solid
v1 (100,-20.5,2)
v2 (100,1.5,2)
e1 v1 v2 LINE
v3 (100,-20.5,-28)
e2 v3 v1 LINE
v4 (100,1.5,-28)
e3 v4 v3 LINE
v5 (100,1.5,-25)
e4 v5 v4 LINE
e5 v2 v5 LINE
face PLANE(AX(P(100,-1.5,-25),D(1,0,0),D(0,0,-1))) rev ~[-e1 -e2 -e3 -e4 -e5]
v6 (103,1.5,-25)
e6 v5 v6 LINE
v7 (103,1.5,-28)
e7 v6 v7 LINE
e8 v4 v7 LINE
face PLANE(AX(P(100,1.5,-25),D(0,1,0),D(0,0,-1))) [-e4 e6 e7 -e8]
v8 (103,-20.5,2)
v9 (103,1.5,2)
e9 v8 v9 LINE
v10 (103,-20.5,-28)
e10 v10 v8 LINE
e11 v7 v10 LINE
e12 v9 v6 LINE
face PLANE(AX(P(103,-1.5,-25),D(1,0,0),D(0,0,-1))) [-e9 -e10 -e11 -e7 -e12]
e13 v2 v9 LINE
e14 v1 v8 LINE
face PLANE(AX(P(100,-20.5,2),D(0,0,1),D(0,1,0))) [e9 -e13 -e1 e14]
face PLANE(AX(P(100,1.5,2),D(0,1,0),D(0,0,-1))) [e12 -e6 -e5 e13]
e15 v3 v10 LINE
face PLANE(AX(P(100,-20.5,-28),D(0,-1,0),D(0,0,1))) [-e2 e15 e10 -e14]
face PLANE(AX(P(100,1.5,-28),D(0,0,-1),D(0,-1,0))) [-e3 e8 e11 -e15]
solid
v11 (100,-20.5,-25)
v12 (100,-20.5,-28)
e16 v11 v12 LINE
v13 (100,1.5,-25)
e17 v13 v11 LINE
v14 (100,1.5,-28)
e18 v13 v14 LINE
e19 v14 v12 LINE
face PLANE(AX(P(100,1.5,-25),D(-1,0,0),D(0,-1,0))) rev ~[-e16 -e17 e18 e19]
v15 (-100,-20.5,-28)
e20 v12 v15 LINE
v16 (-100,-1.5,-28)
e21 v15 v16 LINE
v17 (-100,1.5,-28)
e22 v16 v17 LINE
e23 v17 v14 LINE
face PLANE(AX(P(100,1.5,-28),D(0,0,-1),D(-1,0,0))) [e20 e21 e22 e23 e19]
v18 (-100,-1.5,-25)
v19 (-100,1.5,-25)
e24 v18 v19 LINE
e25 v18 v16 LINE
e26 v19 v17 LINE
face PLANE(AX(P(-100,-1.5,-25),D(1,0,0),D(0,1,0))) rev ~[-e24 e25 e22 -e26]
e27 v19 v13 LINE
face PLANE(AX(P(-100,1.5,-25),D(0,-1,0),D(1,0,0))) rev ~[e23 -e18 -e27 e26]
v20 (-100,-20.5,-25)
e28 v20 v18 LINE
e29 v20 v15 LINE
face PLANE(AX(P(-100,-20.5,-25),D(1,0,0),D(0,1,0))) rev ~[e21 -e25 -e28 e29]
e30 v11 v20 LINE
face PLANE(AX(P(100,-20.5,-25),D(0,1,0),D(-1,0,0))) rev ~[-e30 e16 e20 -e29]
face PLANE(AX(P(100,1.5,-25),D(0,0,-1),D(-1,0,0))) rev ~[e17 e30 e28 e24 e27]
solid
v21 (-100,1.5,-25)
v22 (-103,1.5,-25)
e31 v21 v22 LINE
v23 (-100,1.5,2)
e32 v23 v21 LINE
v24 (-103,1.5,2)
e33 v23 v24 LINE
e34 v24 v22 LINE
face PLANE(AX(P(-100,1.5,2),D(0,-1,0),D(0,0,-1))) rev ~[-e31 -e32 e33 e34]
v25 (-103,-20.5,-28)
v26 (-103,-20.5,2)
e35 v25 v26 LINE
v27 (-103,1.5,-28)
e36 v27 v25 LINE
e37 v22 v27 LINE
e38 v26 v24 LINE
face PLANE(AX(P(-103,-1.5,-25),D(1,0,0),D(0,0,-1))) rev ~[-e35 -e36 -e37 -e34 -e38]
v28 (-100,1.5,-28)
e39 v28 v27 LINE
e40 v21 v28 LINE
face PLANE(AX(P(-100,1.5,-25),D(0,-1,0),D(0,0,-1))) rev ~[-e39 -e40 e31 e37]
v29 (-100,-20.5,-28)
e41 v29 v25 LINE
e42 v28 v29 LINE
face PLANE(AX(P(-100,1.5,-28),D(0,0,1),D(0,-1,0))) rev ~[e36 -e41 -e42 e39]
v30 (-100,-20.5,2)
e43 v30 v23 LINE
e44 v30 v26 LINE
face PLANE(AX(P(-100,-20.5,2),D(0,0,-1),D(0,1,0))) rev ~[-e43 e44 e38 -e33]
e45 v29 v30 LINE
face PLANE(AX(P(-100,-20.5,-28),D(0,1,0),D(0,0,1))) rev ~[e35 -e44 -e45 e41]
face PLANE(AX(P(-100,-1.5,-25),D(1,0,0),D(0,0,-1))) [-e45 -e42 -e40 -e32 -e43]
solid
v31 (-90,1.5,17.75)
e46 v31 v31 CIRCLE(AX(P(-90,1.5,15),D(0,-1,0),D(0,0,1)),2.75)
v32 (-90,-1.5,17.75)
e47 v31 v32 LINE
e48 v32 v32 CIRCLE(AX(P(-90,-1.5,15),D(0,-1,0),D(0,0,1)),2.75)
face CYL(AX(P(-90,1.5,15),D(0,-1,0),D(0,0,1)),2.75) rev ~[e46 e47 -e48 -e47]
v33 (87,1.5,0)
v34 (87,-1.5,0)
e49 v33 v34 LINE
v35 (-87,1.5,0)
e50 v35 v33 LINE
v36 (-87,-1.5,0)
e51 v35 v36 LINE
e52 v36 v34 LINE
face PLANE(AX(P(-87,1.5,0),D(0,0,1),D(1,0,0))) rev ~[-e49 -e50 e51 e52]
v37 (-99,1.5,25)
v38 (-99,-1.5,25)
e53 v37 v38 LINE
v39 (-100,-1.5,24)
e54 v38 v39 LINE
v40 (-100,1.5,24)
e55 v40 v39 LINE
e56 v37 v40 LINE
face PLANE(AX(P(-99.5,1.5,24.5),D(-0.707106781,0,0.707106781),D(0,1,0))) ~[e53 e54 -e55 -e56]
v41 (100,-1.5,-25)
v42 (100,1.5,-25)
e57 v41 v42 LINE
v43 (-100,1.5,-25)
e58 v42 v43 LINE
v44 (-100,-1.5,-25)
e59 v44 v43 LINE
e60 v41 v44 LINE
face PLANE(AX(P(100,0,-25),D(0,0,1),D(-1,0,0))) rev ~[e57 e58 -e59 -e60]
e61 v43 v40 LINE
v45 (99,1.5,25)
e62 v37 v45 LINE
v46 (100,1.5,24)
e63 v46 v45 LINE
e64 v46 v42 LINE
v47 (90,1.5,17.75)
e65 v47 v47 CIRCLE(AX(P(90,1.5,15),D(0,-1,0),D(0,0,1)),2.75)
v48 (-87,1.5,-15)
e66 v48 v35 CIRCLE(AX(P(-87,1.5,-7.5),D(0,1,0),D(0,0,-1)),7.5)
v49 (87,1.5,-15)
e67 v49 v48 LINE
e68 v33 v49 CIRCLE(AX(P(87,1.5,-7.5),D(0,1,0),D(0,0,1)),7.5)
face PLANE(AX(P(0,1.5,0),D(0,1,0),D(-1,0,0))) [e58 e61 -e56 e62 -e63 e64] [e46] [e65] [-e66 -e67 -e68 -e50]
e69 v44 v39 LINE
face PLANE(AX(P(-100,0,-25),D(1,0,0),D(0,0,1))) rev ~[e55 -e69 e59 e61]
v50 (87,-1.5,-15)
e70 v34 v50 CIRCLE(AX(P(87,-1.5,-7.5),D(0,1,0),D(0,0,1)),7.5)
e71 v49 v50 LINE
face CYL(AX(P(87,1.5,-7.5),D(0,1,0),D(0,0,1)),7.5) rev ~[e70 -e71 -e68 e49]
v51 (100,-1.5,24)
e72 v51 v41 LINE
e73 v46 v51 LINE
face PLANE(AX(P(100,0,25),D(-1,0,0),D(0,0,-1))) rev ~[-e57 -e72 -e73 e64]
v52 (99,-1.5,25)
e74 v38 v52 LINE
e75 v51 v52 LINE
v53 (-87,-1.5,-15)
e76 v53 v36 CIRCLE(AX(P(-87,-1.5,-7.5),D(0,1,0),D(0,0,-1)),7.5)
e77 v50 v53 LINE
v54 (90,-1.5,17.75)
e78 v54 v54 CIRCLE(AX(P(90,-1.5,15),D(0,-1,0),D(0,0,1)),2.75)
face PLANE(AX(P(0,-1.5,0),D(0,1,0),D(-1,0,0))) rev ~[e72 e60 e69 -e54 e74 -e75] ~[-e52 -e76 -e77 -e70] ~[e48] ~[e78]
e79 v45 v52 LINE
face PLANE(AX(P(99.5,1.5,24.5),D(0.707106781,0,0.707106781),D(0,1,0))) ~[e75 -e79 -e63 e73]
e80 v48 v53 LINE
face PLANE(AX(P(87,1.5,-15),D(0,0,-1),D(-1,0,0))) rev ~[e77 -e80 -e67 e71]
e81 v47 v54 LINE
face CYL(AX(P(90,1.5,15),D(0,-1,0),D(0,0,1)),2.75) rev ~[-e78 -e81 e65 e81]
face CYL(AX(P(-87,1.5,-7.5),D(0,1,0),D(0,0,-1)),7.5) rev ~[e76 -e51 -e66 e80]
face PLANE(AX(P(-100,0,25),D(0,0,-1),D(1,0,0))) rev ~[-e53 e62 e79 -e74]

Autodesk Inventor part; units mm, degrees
ref_plane "YZ Plane" through (0, 0, 0) normal (1, 0, 0) x (0, 1, 0)
ref_plane "XZ Plane" through (0, 0, 0) normal (0, 1, 0) x (-1, 0, 0)
ref_plane "XY Plane" through (0, 0, 0) normal (0, 0, 1) x (1, 0, 0)
sketch "Sketch2" plane through (0, 0, 0) normal (0, 1, 0) x (-1, 0, 0)
  line L0 (-100, -25) -> (100, -25)
  line L1 (100, -25) -> (100, 25)
  line L2 (100, 25) -> (-100, 25)
  line L3 (-100, 25) -> (-100, -25)
  line L4 (-100, -25) -> (100, 25) construction
  line L5 (100, -25) -> (-100, 25) construction
  point P0 (0, 0)
  dimension "d1" = 200
  dimension "d2" = 50
extrude "Extrusion1" add sketch "Sketch2" along normal mid plane 3
sketch "Sketch3" plane through (100, -1.5, -25) normal (1, 0, 0) x (0, 0, -1)
  line L0 (-27, 3) -> (3, 3)
  line L1 (3, 3) -> (3, -19)
  line L2 (3, -19) -> (-27, -19)
  line L3 (-27, -19) -> (-27, 3)
  line L4 (0, 0) -> (0, 3) projected
  line L5 (-50, 3) -> (0, 3) projected
  point P0 (-25, 1.5)
  dimension "d13" = 3
  dimension "d14" = 22
  dimension "d15" = 30
extrude "Extrusion2" add sketch "Sketch3" along normal blind 3 separate body
extrude "Extrusion3" add sketch "Sketch3" against normal blind 3 from surface at -200 separate body
sketch "Sketch5" plane through (100, 1.5, -25) normal (0, 0, -1) x (-1, 0, 0)
  line L0 (200, -3) -> (200, 0) projected
  line L1 (200, 0) -> (0, 0)
  line L2 (0, 0) -> (0, -22)
  line L3 (0, -22) -> (200, -22)
  line L4 (200, -22) -> (200, 0)
  line L5 (0, -22) -> (0, 0) projected
  line L6 (0, -22) -> (-3, -22) projected
  point P0 (100, -1.5)
extrude "Extrusion5" add sketch "Sketch5" along normal blind 3 separate body
sketch "Sketch6" plane through (0, 1.5, 0) normal (0, 1, 0) x (1, 0, 0)
  line L0 (87, 7.5) -> (-87, 7.5) construction
  line L1 (87, 15) -> (-87, 15)
  line L2 (-87, 0) -> (87, 0)
  arc A0 (87, 0) -> (87, 15) centre (87, 7.5) ccw
  arc A1 (-87, 15) -> (-87, 0) centre (-87, 7.5) ccw
  line L3 (-100, -25) -> (100, -25) projected
  line L4 (-100, 28) -> (-100, -2) projected
  line L5 (100, 28) -> (100, -2) projected
  point P0 (0, 0)
  point P1 (0, 7.5)
  dimension "d40" = 32.5
  dimension "d41" = 13
  dimension "d43" = 13
  dimension "d44" = 15
extrude "Extrusion6" cut sketch "Sketch6" along normal through all both and the other way through all bodies 1
sketch "Sketch7" plane through (0, 1.5, 0) normal (0, 1, 0) x (1, 0, 0)
  line L0 (-100, -25) -> (100, -25) projected
  line L1 (-100, 25) -> (-100, -25) projected
  line L2 (100, -25) -> (100, 25) projected
  point P0 (0, 0)
  point P1 (90, -15)
  point P2 (-90, -15)
  dimension "d34" = 10
  dimension "d35" = 10
  dimension "d36" = 10
hole "Hole1" at (90, 1.5, 15) at (-90, 1.5, 15) direction (0, -1, 0) diameter 5.5 end through all bodies 1 clearance for "Socket Head Cap Screw" size "M5" standard "TS Profile"
chamfer "Chamfer1" distance 1 angle 45 2 edges at (-100, 0, 25) (100, 0, 25)
equation "\"d36\" = d35"
properties part number "TL20240901-10320CV-027" material "PC"
